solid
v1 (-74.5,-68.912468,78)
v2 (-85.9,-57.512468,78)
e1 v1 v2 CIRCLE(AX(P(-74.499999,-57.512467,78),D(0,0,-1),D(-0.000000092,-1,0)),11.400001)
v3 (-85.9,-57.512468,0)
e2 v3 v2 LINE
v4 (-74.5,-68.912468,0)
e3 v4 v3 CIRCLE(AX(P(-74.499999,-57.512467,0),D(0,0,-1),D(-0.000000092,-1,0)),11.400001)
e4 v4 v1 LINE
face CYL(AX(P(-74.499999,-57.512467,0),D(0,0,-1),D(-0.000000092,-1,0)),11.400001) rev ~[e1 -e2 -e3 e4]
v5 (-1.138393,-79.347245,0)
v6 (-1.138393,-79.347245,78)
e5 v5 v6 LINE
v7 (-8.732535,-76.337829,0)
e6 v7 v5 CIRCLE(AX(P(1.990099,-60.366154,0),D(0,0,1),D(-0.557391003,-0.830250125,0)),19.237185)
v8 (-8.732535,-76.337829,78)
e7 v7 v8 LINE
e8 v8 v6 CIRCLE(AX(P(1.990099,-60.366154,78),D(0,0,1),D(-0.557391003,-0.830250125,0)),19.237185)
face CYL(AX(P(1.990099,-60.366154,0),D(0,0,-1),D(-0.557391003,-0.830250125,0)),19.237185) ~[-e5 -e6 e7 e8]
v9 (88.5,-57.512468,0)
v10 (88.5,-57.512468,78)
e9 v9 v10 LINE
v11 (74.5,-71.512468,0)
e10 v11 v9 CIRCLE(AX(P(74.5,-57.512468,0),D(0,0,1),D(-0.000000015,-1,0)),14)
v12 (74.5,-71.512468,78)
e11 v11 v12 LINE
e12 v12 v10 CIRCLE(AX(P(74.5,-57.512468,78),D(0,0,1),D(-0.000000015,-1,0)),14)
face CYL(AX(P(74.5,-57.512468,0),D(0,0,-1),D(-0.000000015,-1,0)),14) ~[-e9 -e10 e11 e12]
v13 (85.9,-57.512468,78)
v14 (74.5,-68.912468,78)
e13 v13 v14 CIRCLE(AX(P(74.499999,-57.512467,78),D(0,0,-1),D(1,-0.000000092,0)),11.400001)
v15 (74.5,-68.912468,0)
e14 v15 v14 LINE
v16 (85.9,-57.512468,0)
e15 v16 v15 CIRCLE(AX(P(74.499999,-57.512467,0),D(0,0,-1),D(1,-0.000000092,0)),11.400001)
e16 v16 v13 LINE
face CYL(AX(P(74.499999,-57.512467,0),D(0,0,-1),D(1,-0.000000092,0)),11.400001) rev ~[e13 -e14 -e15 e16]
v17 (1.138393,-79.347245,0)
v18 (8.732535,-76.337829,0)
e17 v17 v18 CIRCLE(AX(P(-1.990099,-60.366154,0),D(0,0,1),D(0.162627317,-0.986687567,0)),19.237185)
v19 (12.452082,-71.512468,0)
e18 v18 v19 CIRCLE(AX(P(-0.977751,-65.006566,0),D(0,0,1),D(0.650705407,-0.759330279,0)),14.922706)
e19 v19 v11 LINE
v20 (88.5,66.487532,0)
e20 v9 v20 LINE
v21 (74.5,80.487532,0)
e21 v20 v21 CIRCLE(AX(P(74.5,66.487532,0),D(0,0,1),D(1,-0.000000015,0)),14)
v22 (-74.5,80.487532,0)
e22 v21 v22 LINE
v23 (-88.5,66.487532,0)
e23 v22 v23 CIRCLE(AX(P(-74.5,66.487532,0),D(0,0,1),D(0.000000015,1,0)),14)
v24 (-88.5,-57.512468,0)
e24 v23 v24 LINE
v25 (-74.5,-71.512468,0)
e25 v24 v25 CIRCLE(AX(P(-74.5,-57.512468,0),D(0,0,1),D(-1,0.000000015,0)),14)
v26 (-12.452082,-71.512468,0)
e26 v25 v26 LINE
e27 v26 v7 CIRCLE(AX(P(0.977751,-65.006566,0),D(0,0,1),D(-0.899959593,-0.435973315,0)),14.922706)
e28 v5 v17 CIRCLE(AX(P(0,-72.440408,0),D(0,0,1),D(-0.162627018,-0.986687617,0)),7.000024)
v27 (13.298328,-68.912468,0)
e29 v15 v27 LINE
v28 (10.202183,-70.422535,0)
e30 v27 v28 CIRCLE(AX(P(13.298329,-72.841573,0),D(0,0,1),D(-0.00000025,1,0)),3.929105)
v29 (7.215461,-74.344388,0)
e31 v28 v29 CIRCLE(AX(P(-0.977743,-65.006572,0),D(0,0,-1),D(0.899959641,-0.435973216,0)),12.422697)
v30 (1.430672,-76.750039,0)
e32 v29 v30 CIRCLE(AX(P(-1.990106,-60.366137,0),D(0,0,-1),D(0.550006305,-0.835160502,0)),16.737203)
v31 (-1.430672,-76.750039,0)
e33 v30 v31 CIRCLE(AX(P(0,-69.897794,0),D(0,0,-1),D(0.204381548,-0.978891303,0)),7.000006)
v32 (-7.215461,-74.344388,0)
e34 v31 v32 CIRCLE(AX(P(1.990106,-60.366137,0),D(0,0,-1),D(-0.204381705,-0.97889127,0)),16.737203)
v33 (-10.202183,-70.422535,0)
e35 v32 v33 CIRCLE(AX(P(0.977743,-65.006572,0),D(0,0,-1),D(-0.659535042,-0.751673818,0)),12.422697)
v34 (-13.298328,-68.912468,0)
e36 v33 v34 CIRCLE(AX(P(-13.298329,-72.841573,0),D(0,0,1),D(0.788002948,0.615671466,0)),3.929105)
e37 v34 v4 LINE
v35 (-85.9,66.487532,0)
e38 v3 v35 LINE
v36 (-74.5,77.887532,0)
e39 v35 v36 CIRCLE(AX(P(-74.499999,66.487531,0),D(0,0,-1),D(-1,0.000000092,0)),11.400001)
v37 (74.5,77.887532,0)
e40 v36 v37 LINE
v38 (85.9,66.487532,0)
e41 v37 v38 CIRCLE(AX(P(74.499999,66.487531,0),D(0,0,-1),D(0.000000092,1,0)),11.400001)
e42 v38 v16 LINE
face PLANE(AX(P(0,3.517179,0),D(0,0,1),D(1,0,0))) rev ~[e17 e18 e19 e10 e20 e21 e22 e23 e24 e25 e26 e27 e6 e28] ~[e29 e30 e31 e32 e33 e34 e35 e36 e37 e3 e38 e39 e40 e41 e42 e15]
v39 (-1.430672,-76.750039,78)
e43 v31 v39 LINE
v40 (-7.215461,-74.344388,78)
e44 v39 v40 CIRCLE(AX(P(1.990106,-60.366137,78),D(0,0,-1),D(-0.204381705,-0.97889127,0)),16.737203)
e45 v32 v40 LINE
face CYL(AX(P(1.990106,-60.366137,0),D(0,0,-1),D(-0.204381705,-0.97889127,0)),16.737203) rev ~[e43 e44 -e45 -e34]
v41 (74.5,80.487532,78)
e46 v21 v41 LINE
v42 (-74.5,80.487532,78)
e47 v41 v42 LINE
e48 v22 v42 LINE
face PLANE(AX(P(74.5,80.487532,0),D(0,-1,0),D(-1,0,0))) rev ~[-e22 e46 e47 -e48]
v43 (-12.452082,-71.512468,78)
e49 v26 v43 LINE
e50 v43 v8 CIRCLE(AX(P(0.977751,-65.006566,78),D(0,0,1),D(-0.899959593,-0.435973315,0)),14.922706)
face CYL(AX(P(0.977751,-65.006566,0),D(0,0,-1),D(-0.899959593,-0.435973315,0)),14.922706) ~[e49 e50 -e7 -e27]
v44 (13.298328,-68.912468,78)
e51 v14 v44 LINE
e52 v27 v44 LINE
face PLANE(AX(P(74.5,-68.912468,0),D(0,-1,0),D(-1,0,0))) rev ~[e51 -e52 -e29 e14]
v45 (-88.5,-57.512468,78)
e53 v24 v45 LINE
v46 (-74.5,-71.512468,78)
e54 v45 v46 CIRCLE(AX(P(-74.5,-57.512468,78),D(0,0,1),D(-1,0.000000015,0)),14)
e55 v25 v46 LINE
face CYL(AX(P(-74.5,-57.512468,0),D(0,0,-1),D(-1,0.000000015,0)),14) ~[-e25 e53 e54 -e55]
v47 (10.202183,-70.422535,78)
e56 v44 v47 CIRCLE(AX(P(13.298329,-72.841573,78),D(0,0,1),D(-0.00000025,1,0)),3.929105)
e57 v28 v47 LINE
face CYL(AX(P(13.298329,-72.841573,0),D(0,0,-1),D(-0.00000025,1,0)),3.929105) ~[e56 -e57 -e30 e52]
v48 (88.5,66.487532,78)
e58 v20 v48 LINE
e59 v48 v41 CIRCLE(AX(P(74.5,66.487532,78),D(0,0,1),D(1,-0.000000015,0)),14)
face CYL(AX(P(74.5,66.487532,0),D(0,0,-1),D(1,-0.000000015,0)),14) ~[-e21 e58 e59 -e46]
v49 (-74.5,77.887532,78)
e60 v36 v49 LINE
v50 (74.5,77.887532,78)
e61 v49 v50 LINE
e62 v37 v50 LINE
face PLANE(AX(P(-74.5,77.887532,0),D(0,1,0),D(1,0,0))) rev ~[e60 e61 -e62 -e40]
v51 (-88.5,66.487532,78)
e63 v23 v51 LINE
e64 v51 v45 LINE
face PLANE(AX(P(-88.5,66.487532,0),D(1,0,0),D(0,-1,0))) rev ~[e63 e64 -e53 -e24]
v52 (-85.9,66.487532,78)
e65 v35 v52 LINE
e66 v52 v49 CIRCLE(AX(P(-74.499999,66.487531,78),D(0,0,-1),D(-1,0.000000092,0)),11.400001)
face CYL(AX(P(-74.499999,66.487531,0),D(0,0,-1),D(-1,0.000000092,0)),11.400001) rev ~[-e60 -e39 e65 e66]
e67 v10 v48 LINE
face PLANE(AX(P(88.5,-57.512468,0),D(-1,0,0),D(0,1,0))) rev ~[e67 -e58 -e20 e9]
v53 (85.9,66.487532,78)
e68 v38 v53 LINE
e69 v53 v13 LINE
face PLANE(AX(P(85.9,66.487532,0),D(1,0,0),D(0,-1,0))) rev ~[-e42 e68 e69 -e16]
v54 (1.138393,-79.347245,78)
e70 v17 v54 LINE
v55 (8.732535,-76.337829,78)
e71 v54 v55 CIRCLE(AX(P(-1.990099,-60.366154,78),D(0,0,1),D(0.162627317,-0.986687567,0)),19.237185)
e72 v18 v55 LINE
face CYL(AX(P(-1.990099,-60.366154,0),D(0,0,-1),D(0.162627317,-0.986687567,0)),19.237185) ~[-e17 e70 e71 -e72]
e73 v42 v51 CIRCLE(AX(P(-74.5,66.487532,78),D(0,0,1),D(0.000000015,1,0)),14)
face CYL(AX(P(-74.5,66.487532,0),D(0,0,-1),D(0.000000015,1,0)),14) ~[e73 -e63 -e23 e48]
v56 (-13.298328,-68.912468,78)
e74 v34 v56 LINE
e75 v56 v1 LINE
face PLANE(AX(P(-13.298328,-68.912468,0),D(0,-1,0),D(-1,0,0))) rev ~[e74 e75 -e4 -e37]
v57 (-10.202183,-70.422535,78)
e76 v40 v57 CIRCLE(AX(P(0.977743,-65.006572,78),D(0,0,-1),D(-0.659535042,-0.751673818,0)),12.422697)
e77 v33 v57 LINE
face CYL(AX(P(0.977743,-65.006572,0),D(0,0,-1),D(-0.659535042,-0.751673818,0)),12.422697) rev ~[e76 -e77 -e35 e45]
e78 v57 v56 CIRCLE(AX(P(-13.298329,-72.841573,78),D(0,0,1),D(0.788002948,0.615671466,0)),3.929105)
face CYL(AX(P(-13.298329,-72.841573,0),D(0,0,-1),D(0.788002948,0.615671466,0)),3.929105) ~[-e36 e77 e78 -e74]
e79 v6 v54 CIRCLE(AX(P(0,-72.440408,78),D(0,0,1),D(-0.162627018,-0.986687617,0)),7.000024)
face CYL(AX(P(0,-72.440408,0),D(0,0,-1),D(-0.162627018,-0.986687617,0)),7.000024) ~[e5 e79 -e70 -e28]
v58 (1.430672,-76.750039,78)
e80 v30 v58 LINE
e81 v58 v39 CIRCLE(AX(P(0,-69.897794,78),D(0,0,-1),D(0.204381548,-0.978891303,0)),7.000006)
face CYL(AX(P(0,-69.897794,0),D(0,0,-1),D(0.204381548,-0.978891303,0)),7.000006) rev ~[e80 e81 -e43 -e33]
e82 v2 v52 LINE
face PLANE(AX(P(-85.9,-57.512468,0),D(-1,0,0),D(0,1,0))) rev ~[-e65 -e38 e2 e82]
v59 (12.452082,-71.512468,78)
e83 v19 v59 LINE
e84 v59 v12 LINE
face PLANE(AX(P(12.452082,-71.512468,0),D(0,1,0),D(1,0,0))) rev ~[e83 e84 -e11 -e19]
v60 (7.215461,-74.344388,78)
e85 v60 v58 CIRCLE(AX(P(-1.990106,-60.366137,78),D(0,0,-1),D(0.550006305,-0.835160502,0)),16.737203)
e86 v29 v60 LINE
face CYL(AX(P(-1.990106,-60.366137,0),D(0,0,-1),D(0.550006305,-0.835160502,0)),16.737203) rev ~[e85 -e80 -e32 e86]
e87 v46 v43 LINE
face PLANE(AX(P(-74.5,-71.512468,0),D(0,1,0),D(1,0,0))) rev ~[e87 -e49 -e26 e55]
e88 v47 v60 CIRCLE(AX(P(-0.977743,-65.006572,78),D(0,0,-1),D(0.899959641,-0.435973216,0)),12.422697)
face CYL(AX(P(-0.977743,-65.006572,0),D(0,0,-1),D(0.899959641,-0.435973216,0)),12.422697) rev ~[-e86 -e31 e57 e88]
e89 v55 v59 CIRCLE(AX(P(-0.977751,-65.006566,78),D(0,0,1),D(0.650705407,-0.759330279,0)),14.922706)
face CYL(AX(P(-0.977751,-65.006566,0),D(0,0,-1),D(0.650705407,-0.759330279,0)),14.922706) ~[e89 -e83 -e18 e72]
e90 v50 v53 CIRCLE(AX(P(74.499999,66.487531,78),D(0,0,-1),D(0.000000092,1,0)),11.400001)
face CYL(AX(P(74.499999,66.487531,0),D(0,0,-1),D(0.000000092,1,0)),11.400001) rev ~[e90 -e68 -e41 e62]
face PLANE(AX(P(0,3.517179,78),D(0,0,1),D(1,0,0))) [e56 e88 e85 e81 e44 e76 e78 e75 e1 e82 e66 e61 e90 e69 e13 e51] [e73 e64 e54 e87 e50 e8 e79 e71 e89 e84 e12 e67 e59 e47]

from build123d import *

# Parameters (mm, degrees)
F2_DEPTH = 78


with BuildPart() as f2:
    # F1 (on Top) → F2 (new body)
    with BuildSketch(Plane.XY):
        with BuildLine():
            Line((0, 80.487532), (-74.5, 80.487532))
            ThreePointArc((-74.5, 80.487532), (-84.399495, 76.387027), (-88.5, 66.487532))
            Line((-88.5, 66.487532), (-88.5, -57.512468))
            ThreePointArc((-88.5, -57.512468), (-84.399495, -67.411963), (-74.5, -71.512468))
            Line((-74.5, -71.512468), (-12.452082, -71.512468))
            ThreePointArc((-12.452082, -71.512468), (-10.841187, -74.116993), (-8.732535, -76.337829))
            ThreePointArc((-8.732535, -76.337829), (-5.097042, -78.250273), (-1.138393, -79.347245))
            ThreePointArc((-1.138393, -79.347245), (0, -79.440432), (1.138393, -79.347245))
            ThreePointArc((1.138393, -79.347245), (5.097042, -78.250273), (8.732535, -76.337829))
            ThreePointArc((8.732535, -76.337829), (10.841187, -74.116993), (12.452082, -71.512468))
            Line((12.452082, -71.512468), (74.5, -71.512468))
            ThreePointArc((74.5, -71.512468), (84.399495, -67.411963), (88.5, -57.512468))
            Line((88.5, -57.512468), (88.5, 66.487532))
            ThreePointArc((88.5, 66.487532), (84.399495, 76.387027), (74.5, 80.487532))
            Line((74.5, 80.487532), (0, 80.487532))
        make_face()
        with BuildLine():
            ThreePointArc((-85.9, 66.487532), (-82.561017, 74.548549), (-74.5, 77.887532))
            Line((-74.5, 77.887532), (0, 77.887532))
            Line((0, 77.887532), (74.5, 77.887532))
            ThreePointArc((74.5, 77.887532), (82.561017, 74.548549), (85.9, 66.487532))
            Line((85.9, 66.487532), (85.9, -57.512468))
            ThreePointArc((85.9, -57.512468), (82.561017, -65.573485), (74.5, -68.912468))
            Line((74.5, -68.912468), (13.298328, -68.912468))
            ThreePointArc((13.298328, -68.912468), (11.575945, -69.310106), (10.202183, -70.422535))
            ThreePointArc((10.202183, -70.422535), (8.905312, -72.5331), (7.215461, -74.344388))
            ThreePointArc((7.215461, -74.344388), (4.43663, -75.820296), (1.430672, -76.750039))
            ThreePointArc((1.430672, -76.750039), (0, -76.8978), (-1.430672, -76.750039))
            ThreePointArc((-1.430672, -76.750039), (-4.43663, -75.820296), (-7.215461, -74.344388))
            ThreePointArc((-7.215461, -74.344388), (-8.905312, -72.5331), (-10.202183, -70.422535))
            ThreePointArc((-10.202183, -70.422535), (-11.575945, -69.310106), (-13.298328, -68.912468))
            Line((-13.298328, -68.912468), (-74.5, -68.912468))
            ThreePointArc((-74.5, -68.912468), (-82.561017, -65.573485), (-85.9, -57.512468))
            Line((-85.9, -57.512468), (-85.9, 66.487532))
        make_face(mode=Mode.SUBTRACT)
    extrude(amount=F2_DEPTH)


solid = f2.part
